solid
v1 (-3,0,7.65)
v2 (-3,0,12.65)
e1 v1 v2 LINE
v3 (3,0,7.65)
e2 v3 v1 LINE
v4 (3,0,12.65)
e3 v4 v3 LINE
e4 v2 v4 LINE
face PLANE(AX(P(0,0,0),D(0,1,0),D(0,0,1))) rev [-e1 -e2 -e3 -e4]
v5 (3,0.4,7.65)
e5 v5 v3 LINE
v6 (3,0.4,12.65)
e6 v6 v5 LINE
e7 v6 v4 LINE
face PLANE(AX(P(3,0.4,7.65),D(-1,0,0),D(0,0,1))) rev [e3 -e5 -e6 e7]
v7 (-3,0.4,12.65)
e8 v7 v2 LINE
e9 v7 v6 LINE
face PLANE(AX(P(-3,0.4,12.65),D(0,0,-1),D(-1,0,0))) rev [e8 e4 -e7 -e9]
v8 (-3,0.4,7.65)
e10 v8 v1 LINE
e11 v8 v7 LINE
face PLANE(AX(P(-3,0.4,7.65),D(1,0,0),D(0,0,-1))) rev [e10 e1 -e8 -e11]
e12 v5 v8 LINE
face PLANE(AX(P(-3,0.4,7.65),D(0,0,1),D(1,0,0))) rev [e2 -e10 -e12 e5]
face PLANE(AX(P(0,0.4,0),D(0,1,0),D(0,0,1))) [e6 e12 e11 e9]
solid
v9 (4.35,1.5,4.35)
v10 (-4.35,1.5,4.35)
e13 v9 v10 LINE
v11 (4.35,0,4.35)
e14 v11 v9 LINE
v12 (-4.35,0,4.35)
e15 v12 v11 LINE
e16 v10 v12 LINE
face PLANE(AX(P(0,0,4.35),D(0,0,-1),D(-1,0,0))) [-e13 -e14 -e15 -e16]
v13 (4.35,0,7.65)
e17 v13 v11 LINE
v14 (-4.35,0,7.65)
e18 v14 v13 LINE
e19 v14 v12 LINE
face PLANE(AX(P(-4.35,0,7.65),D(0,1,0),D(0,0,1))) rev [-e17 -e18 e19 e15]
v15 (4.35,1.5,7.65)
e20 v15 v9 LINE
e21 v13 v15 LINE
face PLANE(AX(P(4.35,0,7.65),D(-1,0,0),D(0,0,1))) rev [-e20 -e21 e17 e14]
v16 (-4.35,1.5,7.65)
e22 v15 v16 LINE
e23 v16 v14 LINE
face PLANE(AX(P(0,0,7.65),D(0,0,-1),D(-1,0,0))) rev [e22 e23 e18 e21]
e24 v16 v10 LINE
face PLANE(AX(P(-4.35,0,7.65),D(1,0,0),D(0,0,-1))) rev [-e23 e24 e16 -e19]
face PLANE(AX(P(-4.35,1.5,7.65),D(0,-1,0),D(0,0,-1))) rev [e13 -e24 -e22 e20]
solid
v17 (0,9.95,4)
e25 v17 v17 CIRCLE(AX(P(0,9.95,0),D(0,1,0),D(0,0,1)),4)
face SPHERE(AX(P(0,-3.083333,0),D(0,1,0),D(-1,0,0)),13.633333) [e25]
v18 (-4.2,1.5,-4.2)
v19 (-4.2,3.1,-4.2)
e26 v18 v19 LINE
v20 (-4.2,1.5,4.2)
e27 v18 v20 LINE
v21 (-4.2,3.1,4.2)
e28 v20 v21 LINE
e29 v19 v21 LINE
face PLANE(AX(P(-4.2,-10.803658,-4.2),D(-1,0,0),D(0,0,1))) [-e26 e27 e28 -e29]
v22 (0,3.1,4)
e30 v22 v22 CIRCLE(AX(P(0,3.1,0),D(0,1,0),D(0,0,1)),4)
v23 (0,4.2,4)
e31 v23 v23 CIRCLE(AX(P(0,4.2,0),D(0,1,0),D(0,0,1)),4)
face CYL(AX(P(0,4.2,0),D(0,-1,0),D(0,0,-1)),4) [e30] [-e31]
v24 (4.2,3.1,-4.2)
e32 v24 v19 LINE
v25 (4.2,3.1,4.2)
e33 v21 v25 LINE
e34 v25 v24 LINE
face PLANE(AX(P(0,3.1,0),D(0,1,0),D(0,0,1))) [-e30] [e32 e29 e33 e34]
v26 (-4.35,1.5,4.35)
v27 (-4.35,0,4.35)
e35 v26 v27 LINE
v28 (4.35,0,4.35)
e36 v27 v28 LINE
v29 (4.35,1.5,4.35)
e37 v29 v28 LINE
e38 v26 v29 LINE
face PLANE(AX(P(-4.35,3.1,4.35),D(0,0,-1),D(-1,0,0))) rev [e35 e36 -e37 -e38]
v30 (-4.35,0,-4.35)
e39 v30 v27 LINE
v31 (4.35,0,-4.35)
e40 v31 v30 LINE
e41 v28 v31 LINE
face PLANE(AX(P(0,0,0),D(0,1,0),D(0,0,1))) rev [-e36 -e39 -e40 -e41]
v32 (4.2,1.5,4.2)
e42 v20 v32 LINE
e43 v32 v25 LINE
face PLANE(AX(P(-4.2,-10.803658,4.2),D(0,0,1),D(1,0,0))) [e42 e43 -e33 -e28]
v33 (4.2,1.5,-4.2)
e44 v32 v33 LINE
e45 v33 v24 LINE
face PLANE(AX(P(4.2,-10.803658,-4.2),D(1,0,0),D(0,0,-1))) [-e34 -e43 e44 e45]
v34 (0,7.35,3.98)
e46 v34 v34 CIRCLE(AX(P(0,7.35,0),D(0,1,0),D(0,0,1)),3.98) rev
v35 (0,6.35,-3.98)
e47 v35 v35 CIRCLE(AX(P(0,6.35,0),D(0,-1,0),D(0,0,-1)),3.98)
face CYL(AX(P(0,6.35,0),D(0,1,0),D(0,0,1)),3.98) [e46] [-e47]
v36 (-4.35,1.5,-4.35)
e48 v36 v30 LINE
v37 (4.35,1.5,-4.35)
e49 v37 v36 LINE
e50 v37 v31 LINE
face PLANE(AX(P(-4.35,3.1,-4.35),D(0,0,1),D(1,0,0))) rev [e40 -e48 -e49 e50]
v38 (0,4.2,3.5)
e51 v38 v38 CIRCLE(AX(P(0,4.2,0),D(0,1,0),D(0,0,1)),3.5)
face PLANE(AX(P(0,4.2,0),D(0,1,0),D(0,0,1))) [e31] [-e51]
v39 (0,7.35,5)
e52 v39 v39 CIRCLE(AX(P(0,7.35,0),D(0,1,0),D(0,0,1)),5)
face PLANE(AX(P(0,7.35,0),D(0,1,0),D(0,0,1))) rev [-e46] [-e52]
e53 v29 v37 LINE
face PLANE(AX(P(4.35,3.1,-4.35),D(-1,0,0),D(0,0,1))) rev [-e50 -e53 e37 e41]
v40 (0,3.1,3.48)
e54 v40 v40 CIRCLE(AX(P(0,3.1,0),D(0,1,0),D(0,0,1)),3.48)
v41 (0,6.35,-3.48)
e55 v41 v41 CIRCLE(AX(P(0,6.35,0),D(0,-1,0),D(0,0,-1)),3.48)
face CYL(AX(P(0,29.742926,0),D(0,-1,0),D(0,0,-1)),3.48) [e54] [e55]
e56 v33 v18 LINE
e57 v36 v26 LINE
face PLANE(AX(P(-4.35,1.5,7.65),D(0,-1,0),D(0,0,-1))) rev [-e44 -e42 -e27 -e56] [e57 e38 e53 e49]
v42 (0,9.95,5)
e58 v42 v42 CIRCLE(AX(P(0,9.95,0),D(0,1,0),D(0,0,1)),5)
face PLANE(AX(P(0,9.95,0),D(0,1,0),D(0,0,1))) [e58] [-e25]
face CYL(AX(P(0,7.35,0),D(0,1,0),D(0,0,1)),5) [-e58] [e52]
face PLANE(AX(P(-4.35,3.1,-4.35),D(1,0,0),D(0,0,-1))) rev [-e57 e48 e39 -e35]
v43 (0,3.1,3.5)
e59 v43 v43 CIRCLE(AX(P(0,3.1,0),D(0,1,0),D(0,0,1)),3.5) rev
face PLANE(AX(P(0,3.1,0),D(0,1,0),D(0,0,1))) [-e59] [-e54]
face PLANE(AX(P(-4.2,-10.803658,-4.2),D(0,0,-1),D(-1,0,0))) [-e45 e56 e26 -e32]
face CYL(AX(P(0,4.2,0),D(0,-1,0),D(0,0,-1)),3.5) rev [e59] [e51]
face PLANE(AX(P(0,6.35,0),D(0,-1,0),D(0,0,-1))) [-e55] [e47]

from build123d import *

# Parameters (mm, degrees)
SKETCH_1_W          = 8.7
SKETCH_1_H          = 8.7
EXTRUDE_1_DEPTH     = 3.1
SKETCH_2_R          = 4
SKETCH_2_R_2        = 3.5
EXTRUDE_2_DEPTH     = 1.1
SKETCH_3_R          = 3.48
EXTRUDE_3_DEPTH     = 6.85
SKETCH_4_R          = 5
EXTRUDE_4_DEPTH     = 2.6
SKETCH_5_W          = 8.7
SKETCH_5_H          = 1.5
EXTRUDE_5_DEPTH     = 3.3
SKETCH_10_W         = 6
SKETCH_10_H         = 5
EXTRUDE_6_DEPTH     = 0.4
SKETCH_13_W         = 8.7
SKETCH_13_H         = 8.7
SKETCH_13_W_2       = 8.4
SKETCH_13_H_2       = 8.4
CUT_EXTRUDE_1_DEPTH = 1.6
SKETCH_14_R         = 3.98
SKETCH_14_R_2       = 3.48
EXTRUDE_7_DEPTH     = 1


with BuildPart() as part:
    # 草图1 → 凸台-拉伸1 (new body)
    with BuildSketch(Plane(origin=(0, 0, 0), x_dir=(1, 0, 0), z_dir=(0, 1, 0))):
        Rectangle(SKETCH_1_W, SKETCH_1_H)
    extrude(amount=EXTRUDE_1_DEPTH)

    # 草图2 → 凸台-拉伸2 (add)
    with BuildSketch(Plane(origin=(0, 3.1, 0), x_dir=(1, 0, 0), z_dir=(0, 1, 0))):
        Circle(SKETCH_2_R)
        Circle(SKETCH_2_R_2, mode=Mode.SUBTRACT)
    extrude(amount=EXTRUDE_2_DEPTH)

    # 草图3 → 凸台-拉伸3 (add)
    with BuildSketch(Plane(origin=(0, 3.1, 0), x_dir=(1, 0, 0), z_dir=(0, 1, 0))):
        Circle(SKETCH_3_R)
    extrude(amount=EXTRUDE_3_DEPTH)

    # 草图4 → 凸台-拉伸4 (add)
    with BuildSketch(Plane(origin=(0, 9.95, 0), x_dir=(1, 0, 0), z_dir=(0, 1, 0))):
        Circle(SKETCH_4_R)
    extrude(amount=-EXTRUDE_4_DEPTH)

    # 草图13 → 切除-拉伸1 (cut)
    with BuildSketch(Plane(origin=(0, 3.1, 0), x_dir=(1, 0, 0), z_dir=(0, 1, 0))):
        Rectangle(SKETCH_13_W, SKETCH_13_H)
        Rectangle(SKETCH_13_W_2, SKETCH_13_H_2, mode=Mode.SUBTRACT)
    extrude(amount=-CUT_EXTRUDE_1_DEPTH, mode=Mode.SUBTRACT)

    # 草图14 → 凸台-拉伸7 (add)
    with BuildSketch(Plane.XZ.offset(-7.35)):
        Circle(SKETCH_14_R)
        Circle(SKETCH_14_R_2, mode=Mode.SUBTRACT)
    extrude(amount=EXTRUDE_7_DEPTH)

    # 草图11 → 旋转3 (revolve)
    with BuildSketch(Plane.XY):
        with BuildLine():
            Line((0, 9.95), (-4, 9.95))
            ThreePointArc((-4, 9.95), (-2.022374842, 10.399165611), (0, 10.55))
            Line((0, 10.55), (0, 9.95))
        make_face()
    revolve(axis=Axis((0, 9.95, 0), (0, -1, 0)))


with BuildPart() as body_2:
    # 草图5 → 凸台-拉伸5 (new body)
    with BuildSketch(Plane.XY.offset(4.35)):
        with Locations((0, 0.75)):
            Rectangle(SKETCH_5_W, SKETCH_5_H)
    extrude(amount=EXTRUDE_5_DEPTH)


with BuildPart() as body_3:
    # 草图10 → 凸台-拉伸6 (new body)
    with BuildSketch(Plane(origin=(0, 0, 0), x_dir=(1, 0, 0), z_dir=(0, 1, 0))):
        with Locations((0, -10.15)):
            Rectangle(SKETCH_10_W, SKETCH_10_H)
    extrude(amount=EXTRUDE_6_DEPTH)


solid = Compound([part.part, body_2.part, body_3.part])
